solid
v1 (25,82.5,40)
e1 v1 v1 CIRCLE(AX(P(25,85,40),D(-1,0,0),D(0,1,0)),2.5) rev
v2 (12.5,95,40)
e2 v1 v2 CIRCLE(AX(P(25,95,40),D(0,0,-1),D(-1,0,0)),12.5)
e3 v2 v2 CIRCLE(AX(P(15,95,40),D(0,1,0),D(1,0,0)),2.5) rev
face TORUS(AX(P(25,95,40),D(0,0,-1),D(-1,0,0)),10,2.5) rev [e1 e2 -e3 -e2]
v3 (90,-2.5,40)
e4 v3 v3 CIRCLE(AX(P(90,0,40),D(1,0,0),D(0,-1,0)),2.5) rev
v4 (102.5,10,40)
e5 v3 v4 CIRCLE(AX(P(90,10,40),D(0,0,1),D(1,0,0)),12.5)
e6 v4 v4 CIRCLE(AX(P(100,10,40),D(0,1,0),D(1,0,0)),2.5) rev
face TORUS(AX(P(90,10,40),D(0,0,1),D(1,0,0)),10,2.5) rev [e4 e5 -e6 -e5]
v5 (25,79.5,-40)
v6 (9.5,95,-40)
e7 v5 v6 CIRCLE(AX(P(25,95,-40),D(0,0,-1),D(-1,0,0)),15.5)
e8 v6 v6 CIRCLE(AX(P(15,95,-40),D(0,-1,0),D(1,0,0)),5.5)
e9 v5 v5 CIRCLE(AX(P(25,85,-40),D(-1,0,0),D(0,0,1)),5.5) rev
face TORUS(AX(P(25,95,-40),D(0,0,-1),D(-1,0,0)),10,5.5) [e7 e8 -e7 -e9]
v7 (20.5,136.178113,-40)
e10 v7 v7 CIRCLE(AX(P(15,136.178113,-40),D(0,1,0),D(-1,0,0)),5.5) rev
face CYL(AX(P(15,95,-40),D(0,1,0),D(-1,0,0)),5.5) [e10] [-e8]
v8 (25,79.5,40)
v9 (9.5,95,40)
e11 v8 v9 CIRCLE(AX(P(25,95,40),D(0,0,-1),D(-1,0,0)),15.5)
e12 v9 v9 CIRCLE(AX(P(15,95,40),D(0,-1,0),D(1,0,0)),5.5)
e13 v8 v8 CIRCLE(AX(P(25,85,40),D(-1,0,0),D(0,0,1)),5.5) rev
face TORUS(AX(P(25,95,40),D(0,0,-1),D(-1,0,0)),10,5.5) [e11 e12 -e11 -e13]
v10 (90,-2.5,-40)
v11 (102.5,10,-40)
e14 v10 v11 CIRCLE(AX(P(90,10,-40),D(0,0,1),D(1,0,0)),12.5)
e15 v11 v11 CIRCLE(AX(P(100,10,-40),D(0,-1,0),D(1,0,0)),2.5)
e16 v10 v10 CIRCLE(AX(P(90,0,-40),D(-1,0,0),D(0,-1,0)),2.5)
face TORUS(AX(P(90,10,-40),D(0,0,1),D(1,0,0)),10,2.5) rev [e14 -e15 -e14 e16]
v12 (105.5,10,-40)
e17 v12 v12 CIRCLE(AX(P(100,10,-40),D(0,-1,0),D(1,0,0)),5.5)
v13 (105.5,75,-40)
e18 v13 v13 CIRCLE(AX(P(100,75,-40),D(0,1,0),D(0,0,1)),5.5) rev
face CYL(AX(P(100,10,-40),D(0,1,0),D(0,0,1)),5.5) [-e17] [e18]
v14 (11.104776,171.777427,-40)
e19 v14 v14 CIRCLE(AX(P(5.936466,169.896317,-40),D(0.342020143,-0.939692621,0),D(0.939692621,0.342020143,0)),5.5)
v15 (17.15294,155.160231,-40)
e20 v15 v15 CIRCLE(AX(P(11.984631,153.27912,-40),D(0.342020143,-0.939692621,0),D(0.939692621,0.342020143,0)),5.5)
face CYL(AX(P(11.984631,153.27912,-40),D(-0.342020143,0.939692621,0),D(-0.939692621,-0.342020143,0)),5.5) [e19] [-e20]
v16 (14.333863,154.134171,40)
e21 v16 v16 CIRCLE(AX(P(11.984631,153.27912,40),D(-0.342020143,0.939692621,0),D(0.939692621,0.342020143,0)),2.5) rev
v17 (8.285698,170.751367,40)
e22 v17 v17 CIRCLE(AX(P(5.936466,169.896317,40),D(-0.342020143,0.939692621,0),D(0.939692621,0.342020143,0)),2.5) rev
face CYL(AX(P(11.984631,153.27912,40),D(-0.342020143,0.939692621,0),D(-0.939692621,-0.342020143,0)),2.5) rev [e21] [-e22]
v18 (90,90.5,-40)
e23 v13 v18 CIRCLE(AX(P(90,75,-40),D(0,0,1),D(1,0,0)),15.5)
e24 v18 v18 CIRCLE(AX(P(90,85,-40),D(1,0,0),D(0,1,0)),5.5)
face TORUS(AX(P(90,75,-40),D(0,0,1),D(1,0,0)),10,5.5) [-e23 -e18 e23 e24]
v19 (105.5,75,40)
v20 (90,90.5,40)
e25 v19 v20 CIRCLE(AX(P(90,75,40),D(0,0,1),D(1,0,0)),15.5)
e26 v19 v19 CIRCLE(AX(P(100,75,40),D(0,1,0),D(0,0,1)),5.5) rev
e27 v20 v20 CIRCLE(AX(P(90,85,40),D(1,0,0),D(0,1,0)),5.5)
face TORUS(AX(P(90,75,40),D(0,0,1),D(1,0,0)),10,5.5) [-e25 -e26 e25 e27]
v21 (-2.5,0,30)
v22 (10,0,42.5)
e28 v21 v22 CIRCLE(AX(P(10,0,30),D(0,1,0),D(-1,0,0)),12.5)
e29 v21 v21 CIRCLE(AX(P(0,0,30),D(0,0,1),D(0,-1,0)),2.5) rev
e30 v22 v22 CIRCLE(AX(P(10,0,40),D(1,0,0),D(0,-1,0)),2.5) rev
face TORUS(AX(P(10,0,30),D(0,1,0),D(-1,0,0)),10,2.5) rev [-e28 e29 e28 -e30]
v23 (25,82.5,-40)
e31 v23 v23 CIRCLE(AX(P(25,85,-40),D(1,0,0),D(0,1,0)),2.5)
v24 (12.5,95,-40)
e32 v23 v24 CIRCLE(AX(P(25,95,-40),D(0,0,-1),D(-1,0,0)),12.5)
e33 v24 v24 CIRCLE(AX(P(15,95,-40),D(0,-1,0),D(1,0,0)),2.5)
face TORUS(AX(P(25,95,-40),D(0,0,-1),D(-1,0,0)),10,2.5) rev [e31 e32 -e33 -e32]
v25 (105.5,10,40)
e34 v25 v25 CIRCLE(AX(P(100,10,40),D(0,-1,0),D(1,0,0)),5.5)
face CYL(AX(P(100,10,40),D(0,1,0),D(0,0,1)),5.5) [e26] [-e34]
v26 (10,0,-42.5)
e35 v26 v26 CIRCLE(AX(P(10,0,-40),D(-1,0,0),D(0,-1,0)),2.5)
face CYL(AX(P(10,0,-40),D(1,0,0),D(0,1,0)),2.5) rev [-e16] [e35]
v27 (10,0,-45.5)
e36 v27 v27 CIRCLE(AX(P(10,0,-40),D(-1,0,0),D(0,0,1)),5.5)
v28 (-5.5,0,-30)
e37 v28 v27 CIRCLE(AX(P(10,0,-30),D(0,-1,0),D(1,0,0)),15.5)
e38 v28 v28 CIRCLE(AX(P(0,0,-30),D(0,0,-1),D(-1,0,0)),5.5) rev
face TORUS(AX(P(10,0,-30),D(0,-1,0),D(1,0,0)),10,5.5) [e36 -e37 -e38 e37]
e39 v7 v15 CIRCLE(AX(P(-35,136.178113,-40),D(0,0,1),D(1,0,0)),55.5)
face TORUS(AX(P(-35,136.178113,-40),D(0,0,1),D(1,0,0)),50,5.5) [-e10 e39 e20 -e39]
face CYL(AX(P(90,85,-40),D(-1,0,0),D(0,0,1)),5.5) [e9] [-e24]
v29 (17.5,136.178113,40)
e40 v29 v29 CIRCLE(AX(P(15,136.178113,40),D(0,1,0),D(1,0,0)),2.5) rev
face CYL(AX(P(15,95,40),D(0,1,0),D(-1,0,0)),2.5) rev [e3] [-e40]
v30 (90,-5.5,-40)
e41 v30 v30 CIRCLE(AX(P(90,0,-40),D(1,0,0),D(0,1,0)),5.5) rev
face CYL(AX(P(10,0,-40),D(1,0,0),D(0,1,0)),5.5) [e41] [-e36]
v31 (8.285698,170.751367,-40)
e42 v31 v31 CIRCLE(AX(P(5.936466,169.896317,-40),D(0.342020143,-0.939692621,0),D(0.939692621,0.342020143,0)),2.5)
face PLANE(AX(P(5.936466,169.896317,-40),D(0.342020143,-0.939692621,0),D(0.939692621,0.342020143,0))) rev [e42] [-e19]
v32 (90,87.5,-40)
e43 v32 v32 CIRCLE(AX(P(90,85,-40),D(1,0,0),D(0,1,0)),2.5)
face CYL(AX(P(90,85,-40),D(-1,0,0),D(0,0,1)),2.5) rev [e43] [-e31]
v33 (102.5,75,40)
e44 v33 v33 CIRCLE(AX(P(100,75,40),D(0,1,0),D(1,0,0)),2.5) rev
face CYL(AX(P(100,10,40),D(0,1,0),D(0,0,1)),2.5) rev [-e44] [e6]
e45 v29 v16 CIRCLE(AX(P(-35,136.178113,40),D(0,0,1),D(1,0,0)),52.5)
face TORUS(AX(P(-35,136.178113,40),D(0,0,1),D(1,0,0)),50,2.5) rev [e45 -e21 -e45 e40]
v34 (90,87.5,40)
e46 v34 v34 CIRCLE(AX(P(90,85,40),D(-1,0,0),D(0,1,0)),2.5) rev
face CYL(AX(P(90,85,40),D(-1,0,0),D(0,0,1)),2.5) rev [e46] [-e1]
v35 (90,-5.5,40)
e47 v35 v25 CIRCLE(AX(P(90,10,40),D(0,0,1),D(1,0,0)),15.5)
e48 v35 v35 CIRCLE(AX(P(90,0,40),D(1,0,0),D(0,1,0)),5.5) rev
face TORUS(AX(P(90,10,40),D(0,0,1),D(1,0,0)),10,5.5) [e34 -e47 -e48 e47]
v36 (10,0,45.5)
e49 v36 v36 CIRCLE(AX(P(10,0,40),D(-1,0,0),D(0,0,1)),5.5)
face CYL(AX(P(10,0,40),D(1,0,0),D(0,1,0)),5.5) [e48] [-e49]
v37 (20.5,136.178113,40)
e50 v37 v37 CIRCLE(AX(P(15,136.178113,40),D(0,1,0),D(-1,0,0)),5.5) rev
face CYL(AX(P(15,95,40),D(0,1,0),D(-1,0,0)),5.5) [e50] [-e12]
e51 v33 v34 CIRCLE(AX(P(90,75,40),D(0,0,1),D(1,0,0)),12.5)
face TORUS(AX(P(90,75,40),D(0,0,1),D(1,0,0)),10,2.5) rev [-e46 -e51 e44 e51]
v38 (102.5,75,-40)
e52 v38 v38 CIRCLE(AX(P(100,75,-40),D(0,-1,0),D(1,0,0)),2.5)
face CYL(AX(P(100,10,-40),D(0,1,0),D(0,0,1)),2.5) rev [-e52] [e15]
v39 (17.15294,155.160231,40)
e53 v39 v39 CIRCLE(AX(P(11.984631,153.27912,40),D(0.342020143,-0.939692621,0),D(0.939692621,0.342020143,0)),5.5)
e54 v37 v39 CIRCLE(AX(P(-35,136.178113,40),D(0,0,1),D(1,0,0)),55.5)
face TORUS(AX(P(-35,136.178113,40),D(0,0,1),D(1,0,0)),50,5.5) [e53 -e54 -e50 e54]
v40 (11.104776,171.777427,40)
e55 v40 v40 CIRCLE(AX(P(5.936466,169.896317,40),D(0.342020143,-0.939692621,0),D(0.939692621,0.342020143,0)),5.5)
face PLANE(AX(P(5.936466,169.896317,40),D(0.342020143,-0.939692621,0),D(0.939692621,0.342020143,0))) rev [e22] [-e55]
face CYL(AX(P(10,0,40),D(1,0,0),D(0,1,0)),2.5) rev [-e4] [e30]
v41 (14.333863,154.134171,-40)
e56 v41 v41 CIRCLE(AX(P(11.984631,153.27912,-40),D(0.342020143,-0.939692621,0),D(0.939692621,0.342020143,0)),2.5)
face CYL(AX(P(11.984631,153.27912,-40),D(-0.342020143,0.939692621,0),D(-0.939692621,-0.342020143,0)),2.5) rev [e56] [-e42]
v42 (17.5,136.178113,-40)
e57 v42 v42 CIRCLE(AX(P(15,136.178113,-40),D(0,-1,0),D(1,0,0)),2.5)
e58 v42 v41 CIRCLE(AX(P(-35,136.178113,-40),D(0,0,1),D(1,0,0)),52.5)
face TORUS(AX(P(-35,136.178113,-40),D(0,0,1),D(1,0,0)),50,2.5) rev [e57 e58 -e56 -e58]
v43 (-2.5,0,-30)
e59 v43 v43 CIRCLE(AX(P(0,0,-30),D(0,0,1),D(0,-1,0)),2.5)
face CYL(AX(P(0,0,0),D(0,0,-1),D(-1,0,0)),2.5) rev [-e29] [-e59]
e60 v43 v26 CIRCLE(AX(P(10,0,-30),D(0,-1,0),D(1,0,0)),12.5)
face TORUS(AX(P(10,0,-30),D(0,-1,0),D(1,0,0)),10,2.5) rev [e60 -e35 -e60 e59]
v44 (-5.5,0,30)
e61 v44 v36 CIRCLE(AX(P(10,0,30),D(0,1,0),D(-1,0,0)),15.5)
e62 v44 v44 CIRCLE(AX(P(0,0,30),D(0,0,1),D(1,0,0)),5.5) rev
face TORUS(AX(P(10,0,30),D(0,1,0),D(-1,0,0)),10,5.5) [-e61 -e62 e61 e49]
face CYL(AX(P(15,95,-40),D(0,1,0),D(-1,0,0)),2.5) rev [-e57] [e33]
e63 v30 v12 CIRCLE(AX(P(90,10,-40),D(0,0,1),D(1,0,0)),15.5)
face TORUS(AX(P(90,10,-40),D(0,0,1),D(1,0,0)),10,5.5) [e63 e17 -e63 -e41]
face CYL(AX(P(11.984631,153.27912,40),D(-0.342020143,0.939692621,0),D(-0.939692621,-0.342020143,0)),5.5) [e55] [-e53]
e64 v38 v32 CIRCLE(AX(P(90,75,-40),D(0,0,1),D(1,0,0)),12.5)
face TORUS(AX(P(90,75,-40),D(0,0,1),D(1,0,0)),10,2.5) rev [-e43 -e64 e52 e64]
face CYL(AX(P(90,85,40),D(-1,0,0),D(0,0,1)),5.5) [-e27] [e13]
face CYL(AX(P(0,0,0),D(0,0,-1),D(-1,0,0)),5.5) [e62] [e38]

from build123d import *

# Parameters (mm, degrees)
SWEEP_THIN1_PROFILE_R   = 5.5
SWEEP_THIN1_PROFILE_R_2 = 2.5


with BuildPart() as part:
    # Sweep-Thin1: sweep along a curve in space
    with BuildLine() as sweep_thin1_path:
        Line((0, 0, 0), (0, 0, -30))
        ThreePointArc((0, 0, -30), (2.928932188, 0, -37.071067812), (10, 0, -40))
        Line((10, 0, -40), (90, 0, -40))
        ThreePointArc((90, 0, -40), (97.071067812, 2.928932188, -40), (100, 10, -40))
        Line((100, 10, -40), (100, 75, -40))
        ThreePointArc((100, 75, -40), (97.071067812, 82.071067812, -40), (90, 85, -40))
        Line((90, 85, -40), (25, 85, -40))
        ThreePointArc((25, 85, -40), (17.928932188, 87.928932188, -40), (15, 95, -40))
        Line((15, 95, -40), (15, 136.17811304, -40))
        ThreePointArc((15, 136.17811304, -40), (14.240387651, 144.860521923, -40), (11.984631039, 153.279120206, -40))
        Line((11.984631039, 153.279120206, -40), (5.936466202, 169.896316526, -40))
    # Sweep-Thin1 profile (on start of the path) → Sweep-Thin1 (sweep)
    with BuildSketch(Plane(origin=(0, 0, 0), x_dir=(-1, 0, 0), z_dir=(0, 0, -1))):
        Circle(SWEEP_THIN1_PROFILE_R)
        Circle(SWEEP_THIN1_PROFILE_R_2, mode=Mode.SUBTRACT)
    sweep_thin1 = sweep(path=sweep_thin1_path.line)

    # Mirror1: Sweep-Thin1 across plane
    add(sweep_thin1.mirror(Plane.XY))


solid = part.part
